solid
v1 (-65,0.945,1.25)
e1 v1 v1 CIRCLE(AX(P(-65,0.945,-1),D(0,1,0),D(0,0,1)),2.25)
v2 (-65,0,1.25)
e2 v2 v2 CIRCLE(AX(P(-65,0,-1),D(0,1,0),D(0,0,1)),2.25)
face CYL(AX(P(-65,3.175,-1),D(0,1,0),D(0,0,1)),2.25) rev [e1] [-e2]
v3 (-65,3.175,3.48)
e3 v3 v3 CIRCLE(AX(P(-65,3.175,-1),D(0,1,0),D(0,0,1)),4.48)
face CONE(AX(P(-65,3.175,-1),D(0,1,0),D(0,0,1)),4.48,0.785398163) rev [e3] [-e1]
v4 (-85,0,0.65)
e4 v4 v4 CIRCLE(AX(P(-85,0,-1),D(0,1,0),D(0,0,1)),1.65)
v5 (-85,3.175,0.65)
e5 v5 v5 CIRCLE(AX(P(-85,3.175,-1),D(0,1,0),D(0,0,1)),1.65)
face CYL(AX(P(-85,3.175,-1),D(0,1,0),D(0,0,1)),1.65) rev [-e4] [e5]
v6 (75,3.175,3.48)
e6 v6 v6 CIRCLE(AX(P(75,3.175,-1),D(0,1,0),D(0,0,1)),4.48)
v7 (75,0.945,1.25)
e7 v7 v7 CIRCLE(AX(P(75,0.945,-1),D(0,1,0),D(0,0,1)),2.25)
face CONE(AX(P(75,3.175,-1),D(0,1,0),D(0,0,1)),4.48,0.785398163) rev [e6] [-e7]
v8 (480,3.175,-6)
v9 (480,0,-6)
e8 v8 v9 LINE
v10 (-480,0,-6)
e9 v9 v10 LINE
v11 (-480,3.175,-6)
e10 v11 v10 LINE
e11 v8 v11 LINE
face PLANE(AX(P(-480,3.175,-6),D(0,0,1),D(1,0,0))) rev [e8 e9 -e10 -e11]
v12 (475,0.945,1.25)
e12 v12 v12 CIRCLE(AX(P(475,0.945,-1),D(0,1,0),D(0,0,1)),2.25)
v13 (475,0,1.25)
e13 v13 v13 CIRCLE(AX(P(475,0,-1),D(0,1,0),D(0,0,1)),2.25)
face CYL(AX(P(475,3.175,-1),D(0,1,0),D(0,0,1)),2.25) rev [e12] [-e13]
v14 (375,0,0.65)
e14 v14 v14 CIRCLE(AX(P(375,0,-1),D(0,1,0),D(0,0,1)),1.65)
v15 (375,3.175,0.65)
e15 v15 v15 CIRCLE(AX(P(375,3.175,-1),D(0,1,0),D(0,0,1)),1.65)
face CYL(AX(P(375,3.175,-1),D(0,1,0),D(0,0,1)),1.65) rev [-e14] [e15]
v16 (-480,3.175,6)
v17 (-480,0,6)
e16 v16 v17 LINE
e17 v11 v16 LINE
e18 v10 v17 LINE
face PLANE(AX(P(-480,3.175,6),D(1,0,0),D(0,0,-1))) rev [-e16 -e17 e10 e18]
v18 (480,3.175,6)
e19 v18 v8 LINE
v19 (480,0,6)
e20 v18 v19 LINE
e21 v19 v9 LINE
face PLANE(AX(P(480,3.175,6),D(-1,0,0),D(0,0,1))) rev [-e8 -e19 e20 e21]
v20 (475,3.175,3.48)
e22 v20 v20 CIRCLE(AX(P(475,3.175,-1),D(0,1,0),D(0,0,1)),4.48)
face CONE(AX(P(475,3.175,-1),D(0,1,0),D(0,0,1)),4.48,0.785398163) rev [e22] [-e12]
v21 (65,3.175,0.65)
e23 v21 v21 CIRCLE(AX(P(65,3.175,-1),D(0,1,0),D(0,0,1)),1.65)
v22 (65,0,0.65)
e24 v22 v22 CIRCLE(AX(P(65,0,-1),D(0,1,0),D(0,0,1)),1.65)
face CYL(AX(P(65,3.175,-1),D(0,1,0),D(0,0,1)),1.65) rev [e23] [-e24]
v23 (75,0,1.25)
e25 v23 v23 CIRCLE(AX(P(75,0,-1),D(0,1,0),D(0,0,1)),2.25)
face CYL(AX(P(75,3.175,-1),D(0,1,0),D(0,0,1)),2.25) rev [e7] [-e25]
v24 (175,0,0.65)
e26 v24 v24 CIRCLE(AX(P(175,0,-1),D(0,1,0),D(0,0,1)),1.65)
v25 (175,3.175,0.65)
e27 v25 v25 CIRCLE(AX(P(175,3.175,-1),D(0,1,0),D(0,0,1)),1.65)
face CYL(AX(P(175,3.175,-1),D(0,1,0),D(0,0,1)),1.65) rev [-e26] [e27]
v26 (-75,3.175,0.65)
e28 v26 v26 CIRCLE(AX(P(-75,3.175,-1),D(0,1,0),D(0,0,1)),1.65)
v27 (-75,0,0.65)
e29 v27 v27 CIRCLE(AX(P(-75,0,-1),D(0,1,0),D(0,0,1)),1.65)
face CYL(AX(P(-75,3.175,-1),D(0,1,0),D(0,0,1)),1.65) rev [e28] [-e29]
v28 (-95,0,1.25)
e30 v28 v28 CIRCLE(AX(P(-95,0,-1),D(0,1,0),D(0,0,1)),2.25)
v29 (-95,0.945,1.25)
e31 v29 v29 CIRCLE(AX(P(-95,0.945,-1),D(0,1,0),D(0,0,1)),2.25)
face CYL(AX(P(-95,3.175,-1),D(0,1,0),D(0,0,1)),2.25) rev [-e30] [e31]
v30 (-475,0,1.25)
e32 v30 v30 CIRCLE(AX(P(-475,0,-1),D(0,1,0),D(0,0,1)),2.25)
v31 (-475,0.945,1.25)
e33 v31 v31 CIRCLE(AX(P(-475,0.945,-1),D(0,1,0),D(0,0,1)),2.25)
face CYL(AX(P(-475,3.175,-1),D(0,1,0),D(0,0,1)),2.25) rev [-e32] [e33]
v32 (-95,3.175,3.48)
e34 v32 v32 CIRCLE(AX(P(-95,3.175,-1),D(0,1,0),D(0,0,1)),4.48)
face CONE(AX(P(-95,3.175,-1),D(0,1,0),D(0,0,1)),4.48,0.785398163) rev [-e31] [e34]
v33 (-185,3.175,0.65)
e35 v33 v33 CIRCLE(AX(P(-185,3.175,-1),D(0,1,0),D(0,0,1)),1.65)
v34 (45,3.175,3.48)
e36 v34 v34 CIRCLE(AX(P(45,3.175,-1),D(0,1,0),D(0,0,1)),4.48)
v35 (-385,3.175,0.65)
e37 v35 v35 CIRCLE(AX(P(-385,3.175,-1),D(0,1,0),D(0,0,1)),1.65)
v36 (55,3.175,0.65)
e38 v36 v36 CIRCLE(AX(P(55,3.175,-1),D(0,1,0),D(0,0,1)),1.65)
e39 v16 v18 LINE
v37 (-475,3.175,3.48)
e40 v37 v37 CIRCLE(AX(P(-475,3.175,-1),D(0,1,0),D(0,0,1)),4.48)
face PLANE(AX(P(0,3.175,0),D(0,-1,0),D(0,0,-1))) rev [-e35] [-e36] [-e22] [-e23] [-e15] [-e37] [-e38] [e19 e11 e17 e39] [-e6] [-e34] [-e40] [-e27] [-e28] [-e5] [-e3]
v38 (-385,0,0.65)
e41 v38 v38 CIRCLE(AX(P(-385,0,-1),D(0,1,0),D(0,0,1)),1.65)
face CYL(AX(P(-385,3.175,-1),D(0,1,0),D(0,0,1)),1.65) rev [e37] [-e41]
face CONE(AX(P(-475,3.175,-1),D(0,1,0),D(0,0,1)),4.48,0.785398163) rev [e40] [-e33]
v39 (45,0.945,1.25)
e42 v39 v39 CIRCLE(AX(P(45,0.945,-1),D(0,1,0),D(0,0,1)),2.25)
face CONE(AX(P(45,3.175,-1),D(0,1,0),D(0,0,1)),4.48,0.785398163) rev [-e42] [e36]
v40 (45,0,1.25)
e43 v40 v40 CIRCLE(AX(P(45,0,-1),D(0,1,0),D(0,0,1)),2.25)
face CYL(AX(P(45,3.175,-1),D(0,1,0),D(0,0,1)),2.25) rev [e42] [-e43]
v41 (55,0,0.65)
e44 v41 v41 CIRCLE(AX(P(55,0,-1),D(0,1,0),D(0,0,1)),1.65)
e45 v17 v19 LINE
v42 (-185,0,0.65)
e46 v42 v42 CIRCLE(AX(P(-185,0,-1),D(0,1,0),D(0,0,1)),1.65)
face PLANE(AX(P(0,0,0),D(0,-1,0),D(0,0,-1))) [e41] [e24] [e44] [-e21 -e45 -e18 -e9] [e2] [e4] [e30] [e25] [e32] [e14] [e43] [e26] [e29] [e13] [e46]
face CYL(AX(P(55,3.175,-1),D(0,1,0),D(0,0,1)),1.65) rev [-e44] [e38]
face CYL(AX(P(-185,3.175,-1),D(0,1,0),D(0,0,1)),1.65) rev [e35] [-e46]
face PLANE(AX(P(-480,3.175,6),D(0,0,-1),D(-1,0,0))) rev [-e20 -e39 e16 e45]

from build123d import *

# Parameters (mm, degrees)
SKETCH1_W                    = 960
SKETCH1_H                    = 12
BOSS_EXTRUDE1_DEPTH          = 3.175
CSK_FOR_M4_SFHCS1_AT_2_COUNT = 2
CSK_FOR_M4_SFHCS1_AT_2_PITCH = 570
CSK_FOR_M4_SFHCS1_AT_3_COUNT = 2
CSK_FOR_M4_SFHCS1_AT_3_PITCH = 540
CSK_FOR_M4_SFHCS1_AT_4_COUNT = 2
CSK_FOR_M4_SFHCS1_AT_4_PITCH = 430
CSK_FOR_M4_SFHCS1_AT_5_COUNT = 2
CSK_FOR_M4_SFHCS1_AT_5_PITCH = 400
CSK_FOR_M4_SFHCS1_AT_6_COUNT = 2
CSK_FOR_M4_SFHCS1_AT_6_PITCH = 950
M4X0_7_TAPPED_HOLE2_D        = 3.3


with BuildPart() as part:
    # Sketch1 → Boss-Extrude1 (new body)
    with BuildSketch(Plane(origin=(0, 0, 0), x_dir=(1, 0, 0), z_dir=(0, 1, 0))):
        Rectangle(SKETCH1_W, SKETCH1_H)
    extrude(amount=BOSS_EXTRUDE1_DEPTH)

    # Sketch3 → CSK for M4 SFHCS1 (revolve, cut)
    with BuildSketch(Plane(origin=(475, 3.175, -1), x_dir=(0, 0, 1), z_dir=(1, 0, 0))):
        Polygon((0, 0), (0, 3.175), (2.25, 3.175), (2.25, 2.23), (4.48, 0), align=None)
    csk_for_m4_sfhcs1 = revolve(axis=Axis((475, 9.525, -1), (0, -1, 0)), mode=Mode.SUBTRACT)

    # CSK for M4 SFHCS1 at 2: CSK for M4 SFHCS1 ×2
    with Locations(*[(-i * CSK_FOR_M4_SFHCS1_AT_2_PITCH, 0, 0) for i in range(1, CSK_FOR_M4_SFHCS1_AT_2_COUNT)]):
        add(csk_for_m4_sfhcs1, mode=Mode.SUBTRACT)

    # CSK for M4 SFHCS1 at 3: CSK for M4 SFHCS1 ×2
    with Locations(*[(-i * CSK_FOR_M4_SFHCS1_AT_3_PITCH, 0, 0) for i in range(1, CSK_FOR_M4_SFHCS1_AT_3_COUNT)]):
        add(csk_for_m4_sfhcs1, mode=Mode.SUBTRACT)

    # CSK for M4 SFHCS1 at 4: CSK for M4 SFHCS1 ×2
    with Locations(*[(-i * CSK_FOR_M4_SFHCS1_AT_4_PITCH, 0, 0) for i in range(1, CSK_FOR_M4_SFHCS1_AT_4_COUNT)]):
        add(csk_for_m4_sfhcs1, mode=Mode.SUBTRACT)

    # CSK for M4 SFHCS1 at 5: CSK for M4 SFHCS1 ×2
    with Locations(*[(-i * CSK_FOR_M4_SFHCS1_AT_5_PITCH, 0, 0) for i in range(1, CSK_FOR_M4_SFHCS1_AT_5_COUNT)]):
        add(csk_for_m4_sfhcs1, mode=Mode.SUBTRACT)

    # CSK for M4 SFHCS1 at 6: CSK for M4 SFHCS1 ×2
    with Locations(*[(-i * CSK_FOR_M4_SFHCS1_AT_6_PITCH, 0, 0) for i in range(1, CSK_FOR_M4_SFHCS1_AT_6_COUNT)]):
        add(csk_for_m4_sfhcs1, mode=Mode.SUBTRACT)

    # M4x0.7 Tapped Hole2 (through all)
    with Locations(Plane(origin=(0, 3.175, 0), x_dir=(1, 0, 0), z_dir=(0, 1, 0))):
        with Locations((-85, 1), (-75, 1), (55, 1), (65, 1), (175, 1), (375, 1), (-385, 1), (-185, 1)):
            Hole(M4X0_7_TAPPED_HOLE2_D / 2)


solid = part.part
